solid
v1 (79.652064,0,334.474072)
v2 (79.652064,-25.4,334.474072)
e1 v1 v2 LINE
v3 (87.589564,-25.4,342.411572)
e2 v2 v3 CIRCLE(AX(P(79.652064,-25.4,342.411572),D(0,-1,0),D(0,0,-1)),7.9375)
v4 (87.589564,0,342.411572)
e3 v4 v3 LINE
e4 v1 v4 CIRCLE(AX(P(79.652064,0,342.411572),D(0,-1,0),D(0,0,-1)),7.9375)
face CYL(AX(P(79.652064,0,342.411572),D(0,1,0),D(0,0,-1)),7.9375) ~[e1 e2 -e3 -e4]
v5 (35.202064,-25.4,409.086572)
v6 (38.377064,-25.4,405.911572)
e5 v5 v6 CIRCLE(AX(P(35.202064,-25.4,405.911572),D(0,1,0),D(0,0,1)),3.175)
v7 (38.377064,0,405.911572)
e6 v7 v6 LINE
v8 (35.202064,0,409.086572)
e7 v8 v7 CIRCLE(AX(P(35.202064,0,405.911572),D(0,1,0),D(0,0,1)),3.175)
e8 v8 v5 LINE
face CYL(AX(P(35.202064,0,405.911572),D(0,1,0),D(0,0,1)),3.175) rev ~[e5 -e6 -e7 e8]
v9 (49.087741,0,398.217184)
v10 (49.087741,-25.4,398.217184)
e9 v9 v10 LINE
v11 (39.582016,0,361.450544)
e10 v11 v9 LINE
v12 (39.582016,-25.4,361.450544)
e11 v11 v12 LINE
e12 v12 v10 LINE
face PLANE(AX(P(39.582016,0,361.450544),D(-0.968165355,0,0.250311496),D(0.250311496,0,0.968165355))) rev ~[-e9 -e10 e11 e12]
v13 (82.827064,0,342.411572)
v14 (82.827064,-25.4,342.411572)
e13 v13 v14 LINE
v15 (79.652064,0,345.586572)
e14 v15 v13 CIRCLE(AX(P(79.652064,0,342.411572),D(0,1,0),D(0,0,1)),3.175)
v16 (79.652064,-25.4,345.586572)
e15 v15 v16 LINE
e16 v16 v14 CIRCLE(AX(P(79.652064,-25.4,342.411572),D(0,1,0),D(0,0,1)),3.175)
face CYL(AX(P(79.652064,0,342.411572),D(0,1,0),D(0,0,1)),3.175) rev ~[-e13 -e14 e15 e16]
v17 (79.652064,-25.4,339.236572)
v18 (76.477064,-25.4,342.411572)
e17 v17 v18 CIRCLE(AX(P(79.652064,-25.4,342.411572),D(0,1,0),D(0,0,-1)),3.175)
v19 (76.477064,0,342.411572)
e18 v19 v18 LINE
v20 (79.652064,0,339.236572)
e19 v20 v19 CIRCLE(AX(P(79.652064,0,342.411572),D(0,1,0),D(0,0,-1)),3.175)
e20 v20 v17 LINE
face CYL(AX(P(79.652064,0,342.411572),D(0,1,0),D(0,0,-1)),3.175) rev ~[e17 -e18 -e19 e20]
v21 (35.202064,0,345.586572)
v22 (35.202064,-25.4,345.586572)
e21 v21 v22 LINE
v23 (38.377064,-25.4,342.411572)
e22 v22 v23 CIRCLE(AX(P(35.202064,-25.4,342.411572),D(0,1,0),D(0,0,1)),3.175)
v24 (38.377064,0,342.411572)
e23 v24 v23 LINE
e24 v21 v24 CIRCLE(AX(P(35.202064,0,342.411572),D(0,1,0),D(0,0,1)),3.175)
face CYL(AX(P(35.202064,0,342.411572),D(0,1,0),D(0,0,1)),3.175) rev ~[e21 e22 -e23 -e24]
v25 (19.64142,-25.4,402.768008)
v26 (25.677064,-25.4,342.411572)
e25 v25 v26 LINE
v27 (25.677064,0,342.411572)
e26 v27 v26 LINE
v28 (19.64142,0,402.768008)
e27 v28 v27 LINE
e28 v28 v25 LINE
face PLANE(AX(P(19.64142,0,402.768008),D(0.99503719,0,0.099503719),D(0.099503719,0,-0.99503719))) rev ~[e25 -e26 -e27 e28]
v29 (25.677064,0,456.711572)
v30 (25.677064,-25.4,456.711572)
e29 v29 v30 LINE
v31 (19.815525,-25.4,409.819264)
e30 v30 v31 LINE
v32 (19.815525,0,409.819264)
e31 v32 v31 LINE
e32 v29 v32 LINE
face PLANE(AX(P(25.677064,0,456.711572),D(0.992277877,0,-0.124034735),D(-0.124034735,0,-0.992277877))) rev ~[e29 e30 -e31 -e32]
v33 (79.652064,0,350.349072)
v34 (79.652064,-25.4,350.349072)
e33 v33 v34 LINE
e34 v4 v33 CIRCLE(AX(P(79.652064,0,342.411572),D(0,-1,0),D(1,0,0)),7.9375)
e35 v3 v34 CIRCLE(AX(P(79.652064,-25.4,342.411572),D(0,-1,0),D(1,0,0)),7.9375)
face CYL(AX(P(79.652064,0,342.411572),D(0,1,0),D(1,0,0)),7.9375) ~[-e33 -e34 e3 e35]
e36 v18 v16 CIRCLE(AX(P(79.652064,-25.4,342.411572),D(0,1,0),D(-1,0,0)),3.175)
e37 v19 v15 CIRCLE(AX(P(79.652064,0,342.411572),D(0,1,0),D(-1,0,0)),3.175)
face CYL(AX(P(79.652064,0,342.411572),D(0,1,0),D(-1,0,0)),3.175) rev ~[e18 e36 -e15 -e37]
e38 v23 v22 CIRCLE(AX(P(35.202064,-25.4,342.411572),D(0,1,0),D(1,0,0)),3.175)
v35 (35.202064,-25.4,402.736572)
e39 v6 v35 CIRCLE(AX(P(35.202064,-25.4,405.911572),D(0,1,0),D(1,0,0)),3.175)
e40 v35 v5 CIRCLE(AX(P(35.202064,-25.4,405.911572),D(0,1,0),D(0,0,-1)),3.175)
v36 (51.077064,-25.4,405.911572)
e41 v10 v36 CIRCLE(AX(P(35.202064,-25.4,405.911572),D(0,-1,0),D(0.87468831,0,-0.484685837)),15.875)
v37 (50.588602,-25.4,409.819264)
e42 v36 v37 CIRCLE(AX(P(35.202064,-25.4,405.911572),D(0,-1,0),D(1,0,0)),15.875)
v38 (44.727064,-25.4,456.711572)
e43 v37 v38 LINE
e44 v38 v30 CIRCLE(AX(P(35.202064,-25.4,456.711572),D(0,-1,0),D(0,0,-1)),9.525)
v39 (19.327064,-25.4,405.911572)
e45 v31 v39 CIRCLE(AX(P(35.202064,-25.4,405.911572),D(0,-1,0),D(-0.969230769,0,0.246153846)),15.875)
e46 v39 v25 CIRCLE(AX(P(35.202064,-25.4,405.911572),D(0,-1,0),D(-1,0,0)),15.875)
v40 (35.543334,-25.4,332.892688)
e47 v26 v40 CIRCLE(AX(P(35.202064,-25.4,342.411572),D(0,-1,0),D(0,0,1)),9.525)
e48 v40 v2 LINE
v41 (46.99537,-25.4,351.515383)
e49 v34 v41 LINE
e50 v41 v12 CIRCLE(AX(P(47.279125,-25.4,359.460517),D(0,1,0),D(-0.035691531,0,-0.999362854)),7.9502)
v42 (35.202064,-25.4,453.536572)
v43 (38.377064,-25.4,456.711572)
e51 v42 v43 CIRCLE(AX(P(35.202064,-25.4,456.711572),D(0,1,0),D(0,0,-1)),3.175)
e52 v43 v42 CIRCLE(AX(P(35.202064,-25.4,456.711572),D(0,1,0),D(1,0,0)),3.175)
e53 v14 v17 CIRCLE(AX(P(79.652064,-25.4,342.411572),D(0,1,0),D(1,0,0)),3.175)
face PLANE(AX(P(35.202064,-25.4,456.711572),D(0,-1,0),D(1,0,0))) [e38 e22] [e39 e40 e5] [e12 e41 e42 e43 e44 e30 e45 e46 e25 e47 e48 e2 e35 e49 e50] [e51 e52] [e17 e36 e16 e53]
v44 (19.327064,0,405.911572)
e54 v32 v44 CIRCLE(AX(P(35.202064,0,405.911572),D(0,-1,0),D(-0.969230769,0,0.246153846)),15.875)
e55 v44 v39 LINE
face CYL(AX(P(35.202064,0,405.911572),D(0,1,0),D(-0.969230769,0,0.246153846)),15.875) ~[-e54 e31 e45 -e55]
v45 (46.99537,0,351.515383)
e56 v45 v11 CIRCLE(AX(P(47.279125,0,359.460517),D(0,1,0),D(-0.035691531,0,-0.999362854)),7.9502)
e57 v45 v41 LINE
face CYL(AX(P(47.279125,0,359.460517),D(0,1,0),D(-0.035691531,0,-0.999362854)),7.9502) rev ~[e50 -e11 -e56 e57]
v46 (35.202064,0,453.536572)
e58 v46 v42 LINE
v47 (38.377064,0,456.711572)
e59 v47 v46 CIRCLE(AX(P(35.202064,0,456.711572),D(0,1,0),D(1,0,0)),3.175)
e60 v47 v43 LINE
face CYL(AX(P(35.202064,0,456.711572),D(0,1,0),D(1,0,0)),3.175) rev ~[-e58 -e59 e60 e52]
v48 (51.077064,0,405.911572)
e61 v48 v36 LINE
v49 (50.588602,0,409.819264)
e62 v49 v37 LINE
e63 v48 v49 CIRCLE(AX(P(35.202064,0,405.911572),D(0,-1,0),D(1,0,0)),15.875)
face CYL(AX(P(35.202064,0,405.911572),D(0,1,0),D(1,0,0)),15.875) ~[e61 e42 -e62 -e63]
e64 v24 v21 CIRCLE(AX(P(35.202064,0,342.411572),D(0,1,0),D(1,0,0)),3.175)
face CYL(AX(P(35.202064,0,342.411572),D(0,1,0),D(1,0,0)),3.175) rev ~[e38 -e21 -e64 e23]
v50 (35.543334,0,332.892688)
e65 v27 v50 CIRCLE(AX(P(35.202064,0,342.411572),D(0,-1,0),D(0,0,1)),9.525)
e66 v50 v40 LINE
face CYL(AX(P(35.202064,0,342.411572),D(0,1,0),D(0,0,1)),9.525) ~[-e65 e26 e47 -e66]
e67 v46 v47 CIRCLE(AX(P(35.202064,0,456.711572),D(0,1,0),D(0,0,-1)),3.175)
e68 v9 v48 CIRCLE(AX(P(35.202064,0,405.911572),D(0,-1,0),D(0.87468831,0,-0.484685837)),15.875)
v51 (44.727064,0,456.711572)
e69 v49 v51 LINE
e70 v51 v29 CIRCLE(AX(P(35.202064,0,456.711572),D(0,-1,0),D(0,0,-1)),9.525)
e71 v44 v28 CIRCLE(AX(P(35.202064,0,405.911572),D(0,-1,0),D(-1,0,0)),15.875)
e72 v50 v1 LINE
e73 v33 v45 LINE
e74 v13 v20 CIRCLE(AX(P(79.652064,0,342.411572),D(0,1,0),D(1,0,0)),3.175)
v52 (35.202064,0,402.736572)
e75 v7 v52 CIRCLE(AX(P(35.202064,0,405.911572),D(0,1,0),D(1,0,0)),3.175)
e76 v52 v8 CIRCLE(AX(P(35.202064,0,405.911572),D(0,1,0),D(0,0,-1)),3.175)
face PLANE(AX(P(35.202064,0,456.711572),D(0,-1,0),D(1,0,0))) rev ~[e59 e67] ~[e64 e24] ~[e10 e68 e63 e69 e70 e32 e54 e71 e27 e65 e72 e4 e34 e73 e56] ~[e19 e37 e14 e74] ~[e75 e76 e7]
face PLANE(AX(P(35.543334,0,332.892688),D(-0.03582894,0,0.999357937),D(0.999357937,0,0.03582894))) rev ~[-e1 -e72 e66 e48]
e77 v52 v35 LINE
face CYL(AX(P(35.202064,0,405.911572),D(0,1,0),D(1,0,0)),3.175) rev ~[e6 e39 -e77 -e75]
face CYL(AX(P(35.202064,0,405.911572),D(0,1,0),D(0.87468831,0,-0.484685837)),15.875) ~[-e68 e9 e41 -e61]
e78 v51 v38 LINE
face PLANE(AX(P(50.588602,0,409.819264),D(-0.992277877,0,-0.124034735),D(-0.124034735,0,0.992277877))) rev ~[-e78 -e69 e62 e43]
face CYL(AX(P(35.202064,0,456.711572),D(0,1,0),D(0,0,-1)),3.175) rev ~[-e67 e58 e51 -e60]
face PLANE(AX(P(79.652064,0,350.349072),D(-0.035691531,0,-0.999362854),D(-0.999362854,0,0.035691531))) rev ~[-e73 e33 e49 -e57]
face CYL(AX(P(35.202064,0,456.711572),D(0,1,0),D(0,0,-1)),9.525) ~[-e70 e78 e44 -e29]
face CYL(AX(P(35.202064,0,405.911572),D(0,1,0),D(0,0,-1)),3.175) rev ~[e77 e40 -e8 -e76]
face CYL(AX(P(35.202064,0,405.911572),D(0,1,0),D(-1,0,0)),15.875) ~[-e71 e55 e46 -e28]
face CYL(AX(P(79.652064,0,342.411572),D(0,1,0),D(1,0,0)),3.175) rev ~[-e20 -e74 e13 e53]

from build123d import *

# Parameters (mm, degrees)
F1_DEPTH = 25.4


with BuildPart() as f1:
    # F0 (on Front) → F1 (new body)
    with BuildSketch(Plane.XZ):
        with BuildLine():
            ThreePointArc((25.6770636201, 456.7115720676), (28.4668715293, 449.9763799768), (35.2020636201, 447.1865720676))
            ThreePointArc((35.2020636201, 447.1865720676), (41.9372557109, 449.9763799768), (44.7270636201, 456.7115720676))
            ThreePointArc((44.7270636201, 456.7115720676), (35.2020636201, 466.2365720676), (25.6770636201, 456.7115720676))
        make_face()
        with BuildLine():
            ThreePointArc((38.3770636201, 456.7115720676), (37.4471276504, 454.4665080374), (35.2020636201, 453.5365720676))
            ThreePointArc((35.2020636201, 453.5365720676), (32.9569995898, 458.9566360979), (38.3770636201, 456.7115720676))
        make_face(mode=Mode.SUBTRACT)
        with BuildLine():
            ThreePointArc((44.7270636201, 456.7115720676), (41.9372557109, 449.9763799768), (35.2020636201, 447.1865720676))
            Line((35.2020636201, 447.1865720676), (35.2020636201, 421.7865720676))
            ThreePointArc((35.2020636201, 421.7865720676), (44.9483708596, 418.4425385185), (50.5886020816, 409.8192643753))
            Line((50.5886020816, 409.8192643753), (44.7270636201, 456.7115720676))
        make_face()
        with BuildLine():
            Line((35.2020636201, 421.7865720676), (35.2020636201, 447.1865720676))
            ThreePointArc((35.2020636201, 447.1865720676), (28.4668715293, 449.9763799768), (25.6770636201, 456.7115720676))
            Line((25.6770636201, 456.7115720676), (19.8155251586, 409.8192643753))
            ThreePointArc((19.8155251586, 409.8192643753), (25.4557563805, 418.4425385185), (35.2020636201, 421.7865720676))
        make_face()
        with BuildLine():
            ThreePointArc((50.5886020816, 409.8192643753), (44.9483708596, 418.4425385185), (35.2020636201, 421.7865720676))
            Line((35.2020636201, 421.7865720676), (35.2020636201, 409.0865720676))
            ThreePointArc((35.2020636201, 409.0865720676), (37.4471276504, 408.1566360979), (38.3770636201, 405.9115720676))
            ThreePointArc((38.3770636201, 405.9115720676), (37.4471276504, 403.6665080374), (35.2020636201, 402.7365720676))
            Line((35.2020636201, 402.7365720676), (35.2020636201, 390.0365720676))
            ThreePointArc((35.2020636201, 390.0365720676), (43.2602030092, 392.2337793149), (49.0877405381, 398.2171844032))
            Line((49.0877405381, 398.2171844032), (51.0770636201, 405.9115720676))
            Line((51.0770636201, 405.9115720676), (50.5886020816, 409.8192643753))
        make_face()
        with BuildLine():
            Line((35.2020636201, 409.0865720676), (35.2020636201, 421.7865720676))
            ThreePointArc((35.2020636201, 421.7865720676), (25.4557563805, 418.4425385185), (19.8155251586, 409.8192643753))
            Line((19.8155251586, 409.8192643753), (19.3270636201, 405.9115720676))
            Line((19.3270636201, 405.9115720676), (19.6414200557, 402.7680077112))
            ThreePointArc((19.6414200557, 402.7680077112), (25.1494136998, 393.6249999428), (35.2020636201, 390.0365720676))
            Line((35.2020636201, 390.0365720676), (35.2020636201, 402.7365720676))
            ThreePointArc((35.2020636201, 402.7365720676), (32.0270636201, 405.9115720676), (35.2020636201, 409.0865720676))
        make_face()
        with BuildLine():
            ThreePointArc((51.0770636201, 405.9115720676), (50.9544749129, 407.8806234792), (50.5886020816, 409.8192643753))
            Line((50.5886020816, 409.8192643753), (51.0770636201, 405.9115720676))
        make_face()
        with BuildLine():
            Line((19.3270636201, 405.9115720676), (19.8155251586, 409.8192643753))
            ThreePointArc((19.8155251586, 409.8192643753), (19.4496523273, 407.8806234792), (19.3270636201, 405.9115720676))
        make_face()
        with BuildLine():
            ThreePointArc((49.0877405381, 398.2171844032), (50.571688633, 401.9378770663), (51.0770636201, 405.9115720676))
            Line((51.0770636201, 405.9115720676), (49.0877405381, 398.2171844032))
        make_face()
        with BuildLine():
            Line((19.6414200557, 402.7680077112), (19.3270636201, 405.9115720676))
            ThreePointArc((19.3270636201, 405.9115720676), (19.4058482255, 404.3319505282), (19.6414200557, 402.7680077112))
        make_face()
        with BuildLine():
            ThreePointArc((49.0877405381, 398.2171844032), (43.2602030092, 392.2337793149), (35.2020636201, 390.0365720676))
            Line((35.2020636201, 390.0365720676), (35.2020636201, 351.9365720676))
            ThreePointArc((35.2020636201, 351.9365720676), (41.9372557109, 349.1467641584), (44.7270636201, 342.4115720676))
            Line((44.7270636201, 342.4115720676), (71.7145636201, 342.4115720676))
            ThreePointArc((71.7145636201, 342.4115720676), (74.0394035444, 348.0242321433), (79.6520636201, 350.3490720676))
            Line((79.6520636201, 350.3490720676), (46.9953697124, 351.5153825643))
            ThreePointArc((46.9953697124, 351.5153825643), (40.9072802221, 354.7060160716), (39.5820163118, 361.4505435856))
            Line((39.5820163118, 361.4505435856), (49.0877405381, 398.2171844032))
        make_face()
        with BuildLine():
            Line((35.2020636201, 351.9365720676), (35.2020636201, 390.0365720676))
            ThreePointArc((35.2020636201, 390.0365720676), (25.1494136998, 393.6249999428), (19.6414200557, 402.7680077112))
            Line((19.6414200557, 402.7680077112), (25.6770636201, 342.4115720676))
            ThreePointArc((25.6770636201, 342.4115720676), (28.4668715293, 349.1467641584), (35.2020636201, 351.9365720676))
        make_face()
        with BuildLine():
            Line((35.2020636201, 345.5865720676), (35.2020636201, 351.9365720676))
            ThreePointArc((35.2020636201, 351.9365720676), (28.4668715293, 349.1467641584), (25.6770636201, 342.4115720676))
            ThreePointArc((25.6770636201, 342.4115720676), (28.5886292386, 335.5567846397), (35.5433335795, 332.8926876889))
            ThreePointArc((35.5433335795, 332.8926876889), (42.056851048, 335.7981376861), (44.7270636201, 342.4115720676))
            Line((44.7270636201, 342.4115720676), (38.3770636201, 342.4115720676))
            ThreePointArc((38.3770636201, 342.4115720676), (32.9569995898, 340.1665080374), (35.2020636201, 345.5865720676))
        make_face()
        with BuildLine():
            Line((71.7145636201, 342.4115720676), (44.7270636201, 342.4115720676))
            ThreePointArc((44.7270636201, 342.4115720676), (42.056851048, 335.7981376861), (35.5433335795, 332.8926876889))
            Line((35.5433335795, 332.8926876889), (79.6520636201, 334.4740720676))
            ThreePointArc((79.6520636201, 334.4740720676), (74.0394035444, 336.798911992), (71.7145636201, 342.4115720676))
        make_face()
        with BuildLine():
            ThreePointArc((79.6520636201, 350.3490720676), (74.0394035444, 348.0242321433), (71.7145636201, 342.4115720676))
            Line((71.7145636201, 342.4115720676), (76.4770636201, 342.4115720676))
            ThreePointArc((76.4770636201, 342.4115720676), (77.4069995898, 344.6566360979), (79.6520636201, 345.5865720676))
            Line((79.6520636201, 345.5865720676), (79.6520636201, 350.3490720676))
        make_face()
        with BuildLine():
            Line((76.4770636201, 342.4115720676), (71.7145636201, 342.4115720676))
            ThreePointArc((71.7145636201, 342.4115720676), (74.0394035444, 336.798911992), (79.6520636201, 334.4740720676))
            Line((79.6520636201, 334.4740720676), (79.6520636201, 339.2365720676))
            ThreePointArc((79.6520636201, 339.2365720676), (77.4069995898, 340.1665080374), (76.4770636201, 342.4115720676))
        make_face()
        with BuildLine():
            ThreePointArc((87.5895636201, 342.4115720676), (85.2647236958, 348.0242321433), (79.6520636201, 350.3490720676))
            Line((79.6520636201, 350.3490720676), (79.6520636201, 345.5865720676))
            ThreePointArc((79.6520636201, 345.5865720676), (81.8971276504, 344.6566360979), (82.8270636201, 342.4115720676))
            ThreePointArc((82.8270636201, 342.4115720676), (81.8971276504, 340.1665080374), (79.6520636201, 339.2365720676))
            Line((79.6520636201, 339.2365720676), (79.6520636201, 334.4740720676))
            ThreePointArc((79.6520636201, 334.4740720676), (85.2647236958, 336.798911992), (87.5895636201, 342.4115720676))
        make_face()
        with BuildLine():
            ThreePointArc((44.7270636201, 342.4115720676), (41.9372557109, 349.1467641584), (35.2020636201, 351.9365720676))
            Line((35.2020636201, 351.9365720676), (35.2020636201, 345.5865720676))
            ThreePointArc((35.2020636201, 345.5865720676), (37.4471276504, 344.6566360979), (38.3770636201, 342.4115720676))
            Line((38.3770636201, 342.4115720676), (44.7270636201, 342.4115720676))
        make_face()
    extrude(amount=F1_DEPTH)


solid = f1.part
